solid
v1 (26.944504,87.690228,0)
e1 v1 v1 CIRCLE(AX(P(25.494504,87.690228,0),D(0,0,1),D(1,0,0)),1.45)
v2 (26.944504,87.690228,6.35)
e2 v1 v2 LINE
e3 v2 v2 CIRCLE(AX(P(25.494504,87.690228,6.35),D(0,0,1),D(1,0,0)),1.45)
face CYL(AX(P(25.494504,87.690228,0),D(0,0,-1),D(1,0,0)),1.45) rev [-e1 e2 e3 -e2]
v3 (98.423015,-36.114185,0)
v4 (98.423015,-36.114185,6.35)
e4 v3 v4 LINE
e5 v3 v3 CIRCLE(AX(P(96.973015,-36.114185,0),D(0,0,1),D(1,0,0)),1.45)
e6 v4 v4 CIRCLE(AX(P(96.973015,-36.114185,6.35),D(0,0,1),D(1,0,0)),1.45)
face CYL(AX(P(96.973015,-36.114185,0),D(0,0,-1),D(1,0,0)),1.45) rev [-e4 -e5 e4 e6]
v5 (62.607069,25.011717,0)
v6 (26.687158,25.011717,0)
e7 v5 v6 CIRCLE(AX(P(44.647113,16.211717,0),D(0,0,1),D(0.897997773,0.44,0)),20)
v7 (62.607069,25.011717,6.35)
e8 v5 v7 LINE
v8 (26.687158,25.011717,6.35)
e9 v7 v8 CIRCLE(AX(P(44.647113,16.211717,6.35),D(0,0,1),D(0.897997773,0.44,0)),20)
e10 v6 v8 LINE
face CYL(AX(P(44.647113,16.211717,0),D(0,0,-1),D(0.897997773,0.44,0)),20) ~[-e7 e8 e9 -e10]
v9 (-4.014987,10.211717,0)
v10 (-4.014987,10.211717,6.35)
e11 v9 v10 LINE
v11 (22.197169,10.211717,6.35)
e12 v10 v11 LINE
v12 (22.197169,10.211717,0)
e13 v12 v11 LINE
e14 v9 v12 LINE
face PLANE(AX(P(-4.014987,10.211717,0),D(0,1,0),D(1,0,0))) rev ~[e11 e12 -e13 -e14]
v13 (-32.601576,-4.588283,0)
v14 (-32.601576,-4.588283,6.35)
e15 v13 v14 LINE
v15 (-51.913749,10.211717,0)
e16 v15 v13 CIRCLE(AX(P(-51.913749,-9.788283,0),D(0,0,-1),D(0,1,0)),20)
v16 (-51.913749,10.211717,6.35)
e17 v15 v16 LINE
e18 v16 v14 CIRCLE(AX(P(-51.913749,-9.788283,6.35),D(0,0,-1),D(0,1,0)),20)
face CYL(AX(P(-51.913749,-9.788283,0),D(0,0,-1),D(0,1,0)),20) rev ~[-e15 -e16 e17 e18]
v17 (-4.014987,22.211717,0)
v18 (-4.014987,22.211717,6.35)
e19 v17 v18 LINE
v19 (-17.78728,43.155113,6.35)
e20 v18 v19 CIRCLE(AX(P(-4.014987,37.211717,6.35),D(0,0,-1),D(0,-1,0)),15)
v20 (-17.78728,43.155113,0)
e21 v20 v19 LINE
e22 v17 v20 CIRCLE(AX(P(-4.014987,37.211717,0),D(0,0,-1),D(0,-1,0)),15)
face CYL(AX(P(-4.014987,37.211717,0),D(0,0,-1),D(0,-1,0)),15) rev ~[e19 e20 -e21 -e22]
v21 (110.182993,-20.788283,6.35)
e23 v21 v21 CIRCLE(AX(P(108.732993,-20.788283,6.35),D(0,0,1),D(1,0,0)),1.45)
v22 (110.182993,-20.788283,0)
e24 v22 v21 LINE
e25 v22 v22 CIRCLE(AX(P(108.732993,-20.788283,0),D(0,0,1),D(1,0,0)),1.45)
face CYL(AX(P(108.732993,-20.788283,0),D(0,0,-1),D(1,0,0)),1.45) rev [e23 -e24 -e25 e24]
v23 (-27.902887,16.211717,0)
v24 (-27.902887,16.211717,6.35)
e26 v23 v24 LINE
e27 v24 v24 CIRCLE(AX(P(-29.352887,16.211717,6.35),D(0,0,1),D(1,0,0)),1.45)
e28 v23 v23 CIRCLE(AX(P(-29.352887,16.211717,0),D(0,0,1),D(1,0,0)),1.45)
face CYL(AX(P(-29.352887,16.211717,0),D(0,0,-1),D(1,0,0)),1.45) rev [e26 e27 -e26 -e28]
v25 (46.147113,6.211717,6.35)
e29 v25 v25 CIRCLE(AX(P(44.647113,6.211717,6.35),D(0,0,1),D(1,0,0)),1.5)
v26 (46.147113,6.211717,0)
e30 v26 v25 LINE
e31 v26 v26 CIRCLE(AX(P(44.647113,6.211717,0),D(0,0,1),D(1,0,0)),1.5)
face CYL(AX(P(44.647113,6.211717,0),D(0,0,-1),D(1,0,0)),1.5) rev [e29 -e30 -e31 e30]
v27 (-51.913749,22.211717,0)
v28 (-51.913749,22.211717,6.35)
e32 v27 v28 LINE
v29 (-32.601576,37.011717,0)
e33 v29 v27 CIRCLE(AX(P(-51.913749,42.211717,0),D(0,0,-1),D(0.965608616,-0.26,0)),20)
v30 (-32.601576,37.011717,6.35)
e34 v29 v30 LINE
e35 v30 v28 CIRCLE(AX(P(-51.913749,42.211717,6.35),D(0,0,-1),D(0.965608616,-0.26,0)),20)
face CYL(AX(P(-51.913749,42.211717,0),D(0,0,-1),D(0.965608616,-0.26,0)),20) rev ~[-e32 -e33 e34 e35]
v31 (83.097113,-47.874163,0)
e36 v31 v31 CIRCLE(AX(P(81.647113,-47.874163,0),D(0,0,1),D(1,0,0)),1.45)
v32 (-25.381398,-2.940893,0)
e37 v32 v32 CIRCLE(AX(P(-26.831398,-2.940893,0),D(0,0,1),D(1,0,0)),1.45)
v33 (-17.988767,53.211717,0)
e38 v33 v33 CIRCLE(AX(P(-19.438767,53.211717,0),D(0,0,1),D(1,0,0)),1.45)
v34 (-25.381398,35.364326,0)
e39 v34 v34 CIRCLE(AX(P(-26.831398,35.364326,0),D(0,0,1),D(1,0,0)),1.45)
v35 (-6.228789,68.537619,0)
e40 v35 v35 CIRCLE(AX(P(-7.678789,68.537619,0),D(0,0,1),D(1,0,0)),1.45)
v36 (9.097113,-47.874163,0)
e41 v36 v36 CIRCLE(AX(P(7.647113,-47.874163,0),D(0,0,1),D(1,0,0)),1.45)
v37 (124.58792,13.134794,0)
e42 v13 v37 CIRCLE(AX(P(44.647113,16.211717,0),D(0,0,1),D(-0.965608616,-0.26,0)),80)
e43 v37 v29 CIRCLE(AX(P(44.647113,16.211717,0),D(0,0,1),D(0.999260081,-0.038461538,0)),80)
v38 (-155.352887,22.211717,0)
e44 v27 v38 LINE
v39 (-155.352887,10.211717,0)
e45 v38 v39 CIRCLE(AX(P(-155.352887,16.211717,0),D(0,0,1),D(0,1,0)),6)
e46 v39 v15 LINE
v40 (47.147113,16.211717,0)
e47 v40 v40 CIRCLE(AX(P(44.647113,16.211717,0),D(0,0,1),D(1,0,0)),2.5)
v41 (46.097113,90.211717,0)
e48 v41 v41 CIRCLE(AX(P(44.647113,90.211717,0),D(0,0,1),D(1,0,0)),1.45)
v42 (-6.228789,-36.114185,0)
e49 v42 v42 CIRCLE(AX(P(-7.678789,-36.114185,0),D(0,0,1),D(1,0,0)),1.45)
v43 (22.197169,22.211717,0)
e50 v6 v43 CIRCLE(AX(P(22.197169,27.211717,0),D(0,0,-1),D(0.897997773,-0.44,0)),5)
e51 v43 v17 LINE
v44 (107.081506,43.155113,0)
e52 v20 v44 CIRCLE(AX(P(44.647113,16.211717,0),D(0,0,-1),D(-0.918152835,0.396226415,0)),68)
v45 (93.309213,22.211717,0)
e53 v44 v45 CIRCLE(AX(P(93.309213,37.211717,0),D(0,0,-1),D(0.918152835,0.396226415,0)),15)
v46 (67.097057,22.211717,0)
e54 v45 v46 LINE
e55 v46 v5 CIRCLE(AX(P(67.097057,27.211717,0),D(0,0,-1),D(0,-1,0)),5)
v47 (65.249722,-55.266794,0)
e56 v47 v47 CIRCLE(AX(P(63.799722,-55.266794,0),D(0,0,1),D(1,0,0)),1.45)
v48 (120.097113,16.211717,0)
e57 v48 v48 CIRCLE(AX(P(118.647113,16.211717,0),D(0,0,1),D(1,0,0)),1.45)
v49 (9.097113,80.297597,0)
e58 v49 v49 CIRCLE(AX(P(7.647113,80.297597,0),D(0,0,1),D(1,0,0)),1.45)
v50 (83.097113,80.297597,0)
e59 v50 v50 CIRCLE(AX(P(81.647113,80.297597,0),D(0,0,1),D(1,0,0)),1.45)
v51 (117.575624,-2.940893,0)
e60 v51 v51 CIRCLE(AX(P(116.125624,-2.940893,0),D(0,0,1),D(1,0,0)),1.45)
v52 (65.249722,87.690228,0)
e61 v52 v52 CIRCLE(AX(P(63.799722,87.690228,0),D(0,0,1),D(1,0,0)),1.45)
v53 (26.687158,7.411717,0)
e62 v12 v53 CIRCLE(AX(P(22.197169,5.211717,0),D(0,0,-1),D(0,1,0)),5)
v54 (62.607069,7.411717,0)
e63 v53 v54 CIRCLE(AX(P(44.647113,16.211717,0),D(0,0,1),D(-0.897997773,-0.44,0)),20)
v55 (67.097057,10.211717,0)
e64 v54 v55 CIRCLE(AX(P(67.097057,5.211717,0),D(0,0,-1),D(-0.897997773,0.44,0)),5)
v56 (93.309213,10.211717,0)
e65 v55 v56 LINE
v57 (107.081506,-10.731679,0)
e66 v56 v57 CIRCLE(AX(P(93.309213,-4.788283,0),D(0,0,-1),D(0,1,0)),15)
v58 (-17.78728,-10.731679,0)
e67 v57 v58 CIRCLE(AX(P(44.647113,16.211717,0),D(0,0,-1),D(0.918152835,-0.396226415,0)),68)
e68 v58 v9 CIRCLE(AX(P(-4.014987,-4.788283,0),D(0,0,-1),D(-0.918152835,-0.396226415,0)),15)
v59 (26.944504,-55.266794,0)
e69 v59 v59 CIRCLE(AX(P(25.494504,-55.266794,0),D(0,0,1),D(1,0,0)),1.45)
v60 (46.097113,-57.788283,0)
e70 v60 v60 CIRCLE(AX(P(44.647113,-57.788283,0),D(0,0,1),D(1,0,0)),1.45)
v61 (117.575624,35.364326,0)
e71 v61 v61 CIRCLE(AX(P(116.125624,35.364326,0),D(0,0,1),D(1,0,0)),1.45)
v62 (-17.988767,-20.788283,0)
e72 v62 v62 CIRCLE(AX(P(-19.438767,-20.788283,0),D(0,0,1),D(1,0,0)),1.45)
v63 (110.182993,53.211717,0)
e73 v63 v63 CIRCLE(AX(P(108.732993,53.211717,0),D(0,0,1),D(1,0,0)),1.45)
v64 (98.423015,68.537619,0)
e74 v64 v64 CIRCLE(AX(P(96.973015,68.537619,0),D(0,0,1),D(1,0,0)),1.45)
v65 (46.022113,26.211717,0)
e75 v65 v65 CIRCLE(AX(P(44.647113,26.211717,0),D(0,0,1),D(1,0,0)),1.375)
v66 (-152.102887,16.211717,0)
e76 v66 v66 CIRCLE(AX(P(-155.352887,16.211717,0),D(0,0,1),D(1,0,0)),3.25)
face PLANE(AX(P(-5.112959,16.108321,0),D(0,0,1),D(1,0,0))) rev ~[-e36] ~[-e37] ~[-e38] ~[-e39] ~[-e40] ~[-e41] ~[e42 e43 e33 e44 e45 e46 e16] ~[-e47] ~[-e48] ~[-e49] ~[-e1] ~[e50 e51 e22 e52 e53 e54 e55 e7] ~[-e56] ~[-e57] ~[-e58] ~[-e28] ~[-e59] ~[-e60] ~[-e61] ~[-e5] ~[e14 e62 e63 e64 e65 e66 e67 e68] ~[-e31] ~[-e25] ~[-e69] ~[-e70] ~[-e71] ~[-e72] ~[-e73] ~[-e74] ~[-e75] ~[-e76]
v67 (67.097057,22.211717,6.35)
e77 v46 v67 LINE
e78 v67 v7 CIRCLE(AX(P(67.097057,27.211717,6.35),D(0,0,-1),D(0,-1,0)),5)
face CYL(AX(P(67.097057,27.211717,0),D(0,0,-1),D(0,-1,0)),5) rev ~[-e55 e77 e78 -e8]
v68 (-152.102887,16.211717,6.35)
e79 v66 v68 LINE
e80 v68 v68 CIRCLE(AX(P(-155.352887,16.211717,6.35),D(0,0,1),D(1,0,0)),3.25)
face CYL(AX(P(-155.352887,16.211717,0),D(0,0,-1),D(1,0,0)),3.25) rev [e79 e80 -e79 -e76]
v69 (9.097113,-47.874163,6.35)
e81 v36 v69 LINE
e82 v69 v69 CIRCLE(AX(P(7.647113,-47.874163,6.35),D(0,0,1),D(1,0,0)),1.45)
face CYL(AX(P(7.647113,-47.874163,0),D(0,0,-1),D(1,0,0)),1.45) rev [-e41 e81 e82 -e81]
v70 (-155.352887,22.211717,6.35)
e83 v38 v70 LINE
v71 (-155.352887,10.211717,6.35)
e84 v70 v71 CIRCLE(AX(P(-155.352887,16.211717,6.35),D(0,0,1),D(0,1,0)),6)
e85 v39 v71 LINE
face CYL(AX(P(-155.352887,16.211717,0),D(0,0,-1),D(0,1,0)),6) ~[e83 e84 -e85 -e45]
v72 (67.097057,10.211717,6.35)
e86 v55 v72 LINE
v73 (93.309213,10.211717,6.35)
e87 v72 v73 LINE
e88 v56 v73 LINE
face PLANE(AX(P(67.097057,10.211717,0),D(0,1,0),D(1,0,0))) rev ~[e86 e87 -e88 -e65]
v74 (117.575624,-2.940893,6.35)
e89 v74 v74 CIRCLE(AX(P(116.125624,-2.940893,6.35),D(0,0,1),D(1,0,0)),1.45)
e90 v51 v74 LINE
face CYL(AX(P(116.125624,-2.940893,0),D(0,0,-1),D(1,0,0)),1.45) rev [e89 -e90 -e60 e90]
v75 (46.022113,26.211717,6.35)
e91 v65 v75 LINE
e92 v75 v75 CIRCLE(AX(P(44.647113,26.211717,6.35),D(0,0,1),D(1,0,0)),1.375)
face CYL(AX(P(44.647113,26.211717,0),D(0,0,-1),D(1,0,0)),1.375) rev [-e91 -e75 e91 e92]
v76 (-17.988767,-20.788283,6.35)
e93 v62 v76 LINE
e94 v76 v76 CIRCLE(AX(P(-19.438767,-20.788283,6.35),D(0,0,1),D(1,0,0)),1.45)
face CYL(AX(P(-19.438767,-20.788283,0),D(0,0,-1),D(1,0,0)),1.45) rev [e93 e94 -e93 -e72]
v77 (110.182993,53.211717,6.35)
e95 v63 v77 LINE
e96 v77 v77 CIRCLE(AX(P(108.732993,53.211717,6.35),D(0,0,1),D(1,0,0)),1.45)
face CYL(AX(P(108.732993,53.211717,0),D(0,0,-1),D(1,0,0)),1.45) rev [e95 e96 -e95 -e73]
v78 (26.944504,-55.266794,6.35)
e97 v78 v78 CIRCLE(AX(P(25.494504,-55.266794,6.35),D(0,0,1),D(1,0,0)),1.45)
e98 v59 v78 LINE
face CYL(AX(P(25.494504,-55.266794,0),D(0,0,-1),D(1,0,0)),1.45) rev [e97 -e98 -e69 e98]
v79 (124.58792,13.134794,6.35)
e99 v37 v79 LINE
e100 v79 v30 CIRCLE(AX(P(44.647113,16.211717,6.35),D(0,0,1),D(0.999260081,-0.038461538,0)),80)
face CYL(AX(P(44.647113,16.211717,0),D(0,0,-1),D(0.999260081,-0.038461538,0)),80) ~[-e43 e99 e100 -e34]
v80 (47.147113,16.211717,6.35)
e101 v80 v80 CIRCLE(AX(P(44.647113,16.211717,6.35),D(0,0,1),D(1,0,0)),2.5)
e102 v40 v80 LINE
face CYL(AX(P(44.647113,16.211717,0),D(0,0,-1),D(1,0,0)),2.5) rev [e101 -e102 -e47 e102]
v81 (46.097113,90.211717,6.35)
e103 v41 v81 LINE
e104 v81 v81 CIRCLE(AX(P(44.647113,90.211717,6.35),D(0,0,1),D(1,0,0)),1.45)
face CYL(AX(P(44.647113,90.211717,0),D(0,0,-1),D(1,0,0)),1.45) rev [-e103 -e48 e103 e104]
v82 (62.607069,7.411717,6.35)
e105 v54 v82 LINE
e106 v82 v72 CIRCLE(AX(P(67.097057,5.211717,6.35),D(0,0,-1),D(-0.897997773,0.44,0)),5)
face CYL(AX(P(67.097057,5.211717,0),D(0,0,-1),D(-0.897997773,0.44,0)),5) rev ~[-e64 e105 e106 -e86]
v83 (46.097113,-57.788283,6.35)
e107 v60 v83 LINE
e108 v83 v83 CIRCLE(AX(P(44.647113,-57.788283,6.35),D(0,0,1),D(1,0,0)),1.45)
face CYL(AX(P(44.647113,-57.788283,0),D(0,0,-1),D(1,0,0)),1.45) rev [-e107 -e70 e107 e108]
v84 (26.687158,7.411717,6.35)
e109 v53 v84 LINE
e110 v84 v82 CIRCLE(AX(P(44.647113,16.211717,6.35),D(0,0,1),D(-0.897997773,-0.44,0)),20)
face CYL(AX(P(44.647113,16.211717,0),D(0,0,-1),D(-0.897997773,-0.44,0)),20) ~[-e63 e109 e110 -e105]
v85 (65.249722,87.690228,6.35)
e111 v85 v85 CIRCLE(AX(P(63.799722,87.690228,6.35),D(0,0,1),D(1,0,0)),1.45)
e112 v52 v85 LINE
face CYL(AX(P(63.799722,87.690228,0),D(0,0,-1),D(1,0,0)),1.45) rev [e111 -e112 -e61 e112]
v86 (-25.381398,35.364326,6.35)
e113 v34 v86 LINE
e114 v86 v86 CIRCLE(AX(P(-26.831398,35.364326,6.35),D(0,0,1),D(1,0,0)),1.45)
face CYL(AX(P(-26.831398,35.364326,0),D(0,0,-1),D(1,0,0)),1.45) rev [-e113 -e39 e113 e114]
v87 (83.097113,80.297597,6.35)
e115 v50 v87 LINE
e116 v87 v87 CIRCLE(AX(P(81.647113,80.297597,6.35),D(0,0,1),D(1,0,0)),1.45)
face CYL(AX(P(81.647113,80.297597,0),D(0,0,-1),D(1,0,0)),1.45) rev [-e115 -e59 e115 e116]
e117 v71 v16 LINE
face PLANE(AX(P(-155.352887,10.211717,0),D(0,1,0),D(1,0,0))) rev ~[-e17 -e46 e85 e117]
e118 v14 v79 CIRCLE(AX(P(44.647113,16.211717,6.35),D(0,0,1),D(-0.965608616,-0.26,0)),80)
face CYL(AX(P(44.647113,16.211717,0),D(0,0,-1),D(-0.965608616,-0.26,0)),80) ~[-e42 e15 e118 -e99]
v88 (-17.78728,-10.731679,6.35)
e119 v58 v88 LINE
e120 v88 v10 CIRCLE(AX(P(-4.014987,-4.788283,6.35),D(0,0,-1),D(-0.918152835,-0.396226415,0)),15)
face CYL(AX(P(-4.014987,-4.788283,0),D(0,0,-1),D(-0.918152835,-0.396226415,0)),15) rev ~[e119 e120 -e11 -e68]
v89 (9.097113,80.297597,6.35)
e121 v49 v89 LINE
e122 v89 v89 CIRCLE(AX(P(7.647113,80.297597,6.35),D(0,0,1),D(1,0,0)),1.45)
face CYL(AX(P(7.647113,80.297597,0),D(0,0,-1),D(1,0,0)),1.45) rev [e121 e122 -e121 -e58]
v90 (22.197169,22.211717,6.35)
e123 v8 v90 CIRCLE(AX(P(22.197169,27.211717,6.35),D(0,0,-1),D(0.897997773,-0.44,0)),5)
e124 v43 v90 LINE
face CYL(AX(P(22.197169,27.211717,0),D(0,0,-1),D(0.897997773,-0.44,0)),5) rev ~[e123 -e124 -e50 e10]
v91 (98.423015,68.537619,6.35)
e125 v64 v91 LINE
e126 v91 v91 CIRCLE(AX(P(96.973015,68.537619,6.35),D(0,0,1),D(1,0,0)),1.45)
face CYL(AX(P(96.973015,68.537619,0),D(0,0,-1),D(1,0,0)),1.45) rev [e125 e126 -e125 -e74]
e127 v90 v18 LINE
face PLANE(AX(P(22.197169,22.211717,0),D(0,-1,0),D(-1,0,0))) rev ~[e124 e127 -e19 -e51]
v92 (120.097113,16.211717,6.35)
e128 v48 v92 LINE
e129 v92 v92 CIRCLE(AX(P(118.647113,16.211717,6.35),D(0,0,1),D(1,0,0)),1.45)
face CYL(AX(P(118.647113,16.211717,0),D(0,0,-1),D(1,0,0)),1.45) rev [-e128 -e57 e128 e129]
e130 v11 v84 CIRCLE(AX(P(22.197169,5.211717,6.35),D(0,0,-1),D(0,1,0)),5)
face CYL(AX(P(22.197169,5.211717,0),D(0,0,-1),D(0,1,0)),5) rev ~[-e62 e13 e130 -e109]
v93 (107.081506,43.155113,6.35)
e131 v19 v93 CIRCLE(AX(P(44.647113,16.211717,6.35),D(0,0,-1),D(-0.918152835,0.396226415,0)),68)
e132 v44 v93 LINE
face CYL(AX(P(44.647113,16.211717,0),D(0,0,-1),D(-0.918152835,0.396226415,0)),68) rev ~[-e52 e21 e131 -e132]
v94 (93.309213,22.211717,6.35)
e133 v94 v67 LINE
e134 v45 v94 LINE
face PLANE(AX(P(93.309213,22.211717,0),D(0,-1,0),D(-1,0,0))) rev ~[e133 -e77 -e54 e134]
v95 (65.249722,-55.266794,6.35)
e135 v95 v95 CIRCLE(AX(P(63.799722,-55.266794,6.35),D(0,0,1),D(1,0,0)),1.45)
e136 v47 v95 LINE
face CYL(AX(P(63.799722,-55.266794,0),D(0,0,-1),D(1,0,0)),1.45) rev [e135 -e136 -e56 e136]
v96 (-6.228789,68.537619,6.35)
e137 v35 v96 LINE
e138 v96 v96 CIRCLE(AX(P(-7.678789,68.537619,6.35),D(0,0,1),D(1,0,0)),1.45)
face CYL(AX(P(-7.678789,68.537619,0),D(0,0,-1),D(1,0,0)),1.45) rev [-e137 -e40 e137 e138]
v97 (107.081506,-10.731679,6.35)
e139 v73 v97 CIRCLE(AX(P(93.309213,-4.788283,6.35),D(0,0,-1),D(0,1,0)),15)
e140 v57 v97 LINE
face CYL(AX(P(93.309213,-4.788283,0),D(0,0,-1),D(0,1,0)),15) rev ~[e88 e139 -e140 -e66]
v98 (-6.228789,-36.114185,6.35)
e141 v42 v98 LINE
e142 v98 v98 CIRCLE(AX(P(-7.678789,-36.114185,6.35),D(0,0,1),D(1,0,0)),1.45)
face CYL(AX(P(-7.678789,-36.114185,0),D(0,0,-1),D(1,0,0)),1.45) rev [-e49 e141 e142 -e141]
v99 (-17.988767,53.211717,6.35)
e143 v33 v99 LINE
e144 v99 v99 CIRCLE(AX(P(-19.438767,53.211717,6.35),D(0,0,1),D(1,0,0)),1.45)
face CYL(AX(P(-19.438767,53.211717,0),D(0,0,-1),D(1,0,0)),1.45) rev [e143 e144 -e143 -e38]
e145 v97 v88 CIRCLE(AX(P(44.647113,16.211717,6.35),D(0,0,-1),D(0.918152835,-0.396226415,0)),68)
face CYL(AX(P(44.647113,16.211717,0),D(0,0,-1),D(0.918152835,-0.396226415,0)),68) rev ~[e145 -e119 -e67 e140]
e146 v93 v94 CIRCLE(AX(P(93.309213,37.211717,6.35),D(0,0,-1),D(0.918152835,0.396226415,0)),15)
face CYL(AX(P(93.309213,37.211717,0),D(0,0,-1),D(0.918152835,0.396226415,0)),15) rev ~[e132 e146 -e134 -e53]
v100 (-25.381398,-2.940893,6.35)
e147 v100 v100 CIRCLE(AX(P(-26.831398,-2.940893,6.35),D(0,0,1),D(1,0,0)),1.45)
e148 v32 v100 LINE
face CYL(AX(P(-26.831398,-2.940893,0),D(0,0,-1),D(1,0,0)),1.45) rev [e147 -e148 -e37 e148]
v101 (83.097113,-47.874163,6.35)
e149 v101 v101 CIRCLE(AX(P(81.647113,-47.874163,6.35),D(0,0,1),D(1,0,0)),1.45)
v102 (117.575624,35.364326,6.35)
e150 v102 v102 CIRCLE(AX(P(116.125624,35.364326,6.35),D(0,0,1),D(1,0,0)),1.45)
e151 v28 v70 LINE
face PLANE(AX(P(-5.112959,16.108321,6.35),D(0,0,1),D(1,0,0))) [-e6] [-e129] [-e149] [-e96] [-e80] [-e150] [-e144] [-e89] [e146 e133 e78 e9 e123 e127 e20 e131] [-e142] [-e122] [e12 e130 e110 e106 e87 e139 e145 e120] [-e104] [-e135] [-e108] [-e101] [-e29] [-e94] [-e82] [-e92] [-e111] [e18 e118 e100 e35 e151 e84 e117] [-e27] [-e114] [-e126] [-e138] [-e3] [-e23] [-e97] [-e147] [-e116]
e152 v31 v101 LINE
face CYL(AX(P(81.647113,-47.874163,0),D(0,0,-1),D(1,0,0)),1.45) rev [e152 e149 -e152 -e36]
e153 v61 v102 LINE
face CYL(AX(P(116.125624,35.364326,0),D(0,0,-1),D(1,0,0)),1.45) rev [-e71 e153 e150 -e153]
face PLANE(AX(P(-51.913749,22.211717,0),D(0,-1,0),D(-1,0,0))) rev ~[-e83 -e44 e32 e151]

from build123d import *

# Parameters (mm, degrees)
SKETCH1_R           = 1.450000001
SKETCH1_R_2         = 3.250000001
SKETCH1_R_3         = 1.5
SKETCH1_R_4         = 2.5
SKETCH1_R_5         = 1.375000001
BOSS_EXTRUDE2_DEPTH = 6.35


with BuildPart() as part:
    # Sketch1 → Boss-Extrude2 (new body)
    with BuildSketch(Plane.XY):
        with BuildLine():
            Line((-155.352886895, 10.211716756), (-51.913748531, 10.211716756))
            ThreePointArc((-51.913748531, 10.211716756), (-39.74822347, 6.086224622), (-32.601576204, -4.588283244))
            ThreePointArc((-32.601576204, -4.588283244), (53.610301025, -63.284580406), (124.587919611, 13.13479368))
            ThreePointArc((124.587919611, 13.13479368), (56.661218885, 95.304455124), (-32.601576204, 37.011716756))
            ThreePointArc((-32.601576204, 37.011716756), (-39.74822347, 26.33720889), (-51.913748531, 22.211716756))
            Line((-51.913748531, 22.211716756), (-155.352886895, 22.211716756))
            ThreePointArc((-155.352886895, 22.211716756), (-161.352886895, 16.211716756), (-155.352886895, 10.211716756))
        make_face()
        with Locations((-19.438766774, -20.788283242)):
            Circle(SKETCH1_R, mode=Mode.SUBTRACT)
        with Locations((-26.831398039, -2.940892579)):
            Circle(SKETCH1_R, mode=Mode.SUBTRACT)
        with Locations((-155.352886895, 16.211716756)):
            Circle(SKETCH1_R_2, mode=Mode.SUBTRACT)
        with Locations((-26.831398039, 35.364326096)):
            Circle(SKETCH1_R, mode=Mode.SUBTRACT)
        with Locations((-19.438766774, 53.211716759)):
            Circle(SKETCH1_R, mode=Mode.SUBTRACT)
        with Locations((-29.352886893, 16.211716758)):
            Circle(SKETCH1_R, mode=Mode.SUBTRACT)
        with Locations((44.647113106, 6.211716759)):
            Circle(SKETCH1_R_3, mode=Mode.SUBTRACT)
        with Locations((116.125624253, -2.940892579)):
            Circle(SKETCH1_R, mode=Mode.SUBTRACT)
        with Locations((108.732992988, -20.788283242)):
            Circle(SKETCH1_R, mode=Mode.SUBTRACT)
        with Locations((96.973014915, -36.114185049)):
            Circle(SKETCH1_R, mode=Mode.SUBTRACT)
        with Locations((81.647113106, -47.874163121)):
            Circle(SKETCH1_R, mode=Mode.SUBTRACT)
        with Locations((63.799722443, -55.266794386)):
            Circle(SKETCH1_R, mode=Mode.SUBTRACT)
        with Locations((44.647113106, -57.788283242)):
            Circle(SKETCH1_R, mode=Mode.SUBTRACT)
        with Locations((25.494503768, -55.266794386)):
            Circle(SKETCH1_R, mode=Mode.SUBTRACT)
        with Locations((7.647113108, -47.874163121)):
            Circle(SKETCH1_R, mode=Mode.SUBTRACT)
        with Locations((-7.678788702, -36.114185049)):
            Circle(SKETCH1_R, mode=Mode.SUBTRACT)
        with Locations((44.647113106, 16.211716756)):
            Circle(SKETCH1_R_4, mode=Mode.SUBTRACT)
        with Locations((-7.678788702, 68.537618566)):
            Circle(SKETCH1_R, mode=Mode.SUBTRACT)
        with Locations((7.647113108, 80.297596638)):
            Circle(SKETCH1_R, mode=Mode.SUBTRACT)
        with Locations((25.494503768, 87.690227903)):
            Circle(SKETCH1_R, mode=Mode.SUBTRACT)
        with Locations((44.647113106, 90.211716759)):
            Circle(SKETCH1_R, mode=Mode.SUBTRACT)
        with Locations((63.799722443, 87.690227903)):
            Circle(SKETCH1_R, mode=Mode.SUBTRACT)
        with Locations((81.647113106, 80.297596638)):
            Circle(SKETCH1_R, mode=Mode.SUBTRACT)
        with Locations((96.973014915, 68.537618566)):
            Circle(SKETCH1_R, mode=Mode.SUBTRACT)
        with Locations((108.732992988, 53.211716759)):
            Circle(SKETCH1_R, mode=Mode.SUBTRACT)
        with Locations((116.125624253, 35.364326096)):
            Circle(SKETCH1_R, mode=Mode.SUBTRACT)
        with Locations((44.647113106, 26.211716758)):
            Circle(SKETCH1_R_5, mode=Mode.SUBTRACT)
        with Locations((118.647113104, 16.211716758)):
            Circle(SKETCH1_R, mode=Mode.SUBTRACT)
        with BuildLine():
            Line((-4.014987137, 10.211716754), (22.197168785, 10.211716754))
            ThreePointArc((22.197168785, 10.211716754), (24.842920096, 9.454357441), (26.687157649, 7.411716754))
            ThreePointArc((26.687157649, 7.411716754), (44.647113107, -3.788283245), (62.607068564, 7.411716755))
            ThreePointArc((62.607068564, 7.411716755), (64.451306117, 9.454357442), (67.097057428, 10.211716755))
            Line((67.097057428, 10.211716755), (93.309213348, 10.211716755))
            ThreePointArc((93.309213348, 10.211716755), (105.842188723, 3.453350593), (107.081505871, -10.731679472))
            ThreePointArc((107.081505871, -10.731679472), (44.647113106, -51.788283245), (-17.787279658, -10.731679472))
            ThreePointArc((-17.787279658, -10.731679472), (-16.54796251, 3.453350591), (-4.014987137, 10.211716754))
        make_face(mode=Mode.SUBTRACT)
        with BuildLine():
            Line((93.309213348, 22.211716754), (67.097057429, 22.211716754))
            ThreePointArc((67.097057429, 22.211716754), (64.451306116, 22.969076068), (62.607068563, 25.011716756))
            ThreePointArc((62.607068563, 25.011716756), (44.647113106, 36.211716756), (26.68715765, 25.011716756))
            ThreePointArc((26.68715765, 25.011716756), (24.842920097, 22.969076069), (22.197168786, 22.211716756))
            Line((22.197168786, 22.211716756), (-4.014987136, 22.211716756))
            ThreePointArc((-4.014987136, 22.211716756), (-16.547962509, 28.970082919), (-17.787279657, 43.155112983))
            ThreePointArc((-17.787279657, 43.155112983), (44.647113107, 84.211716756), (107.08150587, 43.155112983))
            ThreePointArc((107.08150587, 43.155112983), (105.842188723, 28.970082917), (93.309213348, 22.211716754))
        make_face(mode=Mode.SUBTRACT)
    extrude(amount=BOSS_EXTRUDE2_DEPTH)


solid = part.part
